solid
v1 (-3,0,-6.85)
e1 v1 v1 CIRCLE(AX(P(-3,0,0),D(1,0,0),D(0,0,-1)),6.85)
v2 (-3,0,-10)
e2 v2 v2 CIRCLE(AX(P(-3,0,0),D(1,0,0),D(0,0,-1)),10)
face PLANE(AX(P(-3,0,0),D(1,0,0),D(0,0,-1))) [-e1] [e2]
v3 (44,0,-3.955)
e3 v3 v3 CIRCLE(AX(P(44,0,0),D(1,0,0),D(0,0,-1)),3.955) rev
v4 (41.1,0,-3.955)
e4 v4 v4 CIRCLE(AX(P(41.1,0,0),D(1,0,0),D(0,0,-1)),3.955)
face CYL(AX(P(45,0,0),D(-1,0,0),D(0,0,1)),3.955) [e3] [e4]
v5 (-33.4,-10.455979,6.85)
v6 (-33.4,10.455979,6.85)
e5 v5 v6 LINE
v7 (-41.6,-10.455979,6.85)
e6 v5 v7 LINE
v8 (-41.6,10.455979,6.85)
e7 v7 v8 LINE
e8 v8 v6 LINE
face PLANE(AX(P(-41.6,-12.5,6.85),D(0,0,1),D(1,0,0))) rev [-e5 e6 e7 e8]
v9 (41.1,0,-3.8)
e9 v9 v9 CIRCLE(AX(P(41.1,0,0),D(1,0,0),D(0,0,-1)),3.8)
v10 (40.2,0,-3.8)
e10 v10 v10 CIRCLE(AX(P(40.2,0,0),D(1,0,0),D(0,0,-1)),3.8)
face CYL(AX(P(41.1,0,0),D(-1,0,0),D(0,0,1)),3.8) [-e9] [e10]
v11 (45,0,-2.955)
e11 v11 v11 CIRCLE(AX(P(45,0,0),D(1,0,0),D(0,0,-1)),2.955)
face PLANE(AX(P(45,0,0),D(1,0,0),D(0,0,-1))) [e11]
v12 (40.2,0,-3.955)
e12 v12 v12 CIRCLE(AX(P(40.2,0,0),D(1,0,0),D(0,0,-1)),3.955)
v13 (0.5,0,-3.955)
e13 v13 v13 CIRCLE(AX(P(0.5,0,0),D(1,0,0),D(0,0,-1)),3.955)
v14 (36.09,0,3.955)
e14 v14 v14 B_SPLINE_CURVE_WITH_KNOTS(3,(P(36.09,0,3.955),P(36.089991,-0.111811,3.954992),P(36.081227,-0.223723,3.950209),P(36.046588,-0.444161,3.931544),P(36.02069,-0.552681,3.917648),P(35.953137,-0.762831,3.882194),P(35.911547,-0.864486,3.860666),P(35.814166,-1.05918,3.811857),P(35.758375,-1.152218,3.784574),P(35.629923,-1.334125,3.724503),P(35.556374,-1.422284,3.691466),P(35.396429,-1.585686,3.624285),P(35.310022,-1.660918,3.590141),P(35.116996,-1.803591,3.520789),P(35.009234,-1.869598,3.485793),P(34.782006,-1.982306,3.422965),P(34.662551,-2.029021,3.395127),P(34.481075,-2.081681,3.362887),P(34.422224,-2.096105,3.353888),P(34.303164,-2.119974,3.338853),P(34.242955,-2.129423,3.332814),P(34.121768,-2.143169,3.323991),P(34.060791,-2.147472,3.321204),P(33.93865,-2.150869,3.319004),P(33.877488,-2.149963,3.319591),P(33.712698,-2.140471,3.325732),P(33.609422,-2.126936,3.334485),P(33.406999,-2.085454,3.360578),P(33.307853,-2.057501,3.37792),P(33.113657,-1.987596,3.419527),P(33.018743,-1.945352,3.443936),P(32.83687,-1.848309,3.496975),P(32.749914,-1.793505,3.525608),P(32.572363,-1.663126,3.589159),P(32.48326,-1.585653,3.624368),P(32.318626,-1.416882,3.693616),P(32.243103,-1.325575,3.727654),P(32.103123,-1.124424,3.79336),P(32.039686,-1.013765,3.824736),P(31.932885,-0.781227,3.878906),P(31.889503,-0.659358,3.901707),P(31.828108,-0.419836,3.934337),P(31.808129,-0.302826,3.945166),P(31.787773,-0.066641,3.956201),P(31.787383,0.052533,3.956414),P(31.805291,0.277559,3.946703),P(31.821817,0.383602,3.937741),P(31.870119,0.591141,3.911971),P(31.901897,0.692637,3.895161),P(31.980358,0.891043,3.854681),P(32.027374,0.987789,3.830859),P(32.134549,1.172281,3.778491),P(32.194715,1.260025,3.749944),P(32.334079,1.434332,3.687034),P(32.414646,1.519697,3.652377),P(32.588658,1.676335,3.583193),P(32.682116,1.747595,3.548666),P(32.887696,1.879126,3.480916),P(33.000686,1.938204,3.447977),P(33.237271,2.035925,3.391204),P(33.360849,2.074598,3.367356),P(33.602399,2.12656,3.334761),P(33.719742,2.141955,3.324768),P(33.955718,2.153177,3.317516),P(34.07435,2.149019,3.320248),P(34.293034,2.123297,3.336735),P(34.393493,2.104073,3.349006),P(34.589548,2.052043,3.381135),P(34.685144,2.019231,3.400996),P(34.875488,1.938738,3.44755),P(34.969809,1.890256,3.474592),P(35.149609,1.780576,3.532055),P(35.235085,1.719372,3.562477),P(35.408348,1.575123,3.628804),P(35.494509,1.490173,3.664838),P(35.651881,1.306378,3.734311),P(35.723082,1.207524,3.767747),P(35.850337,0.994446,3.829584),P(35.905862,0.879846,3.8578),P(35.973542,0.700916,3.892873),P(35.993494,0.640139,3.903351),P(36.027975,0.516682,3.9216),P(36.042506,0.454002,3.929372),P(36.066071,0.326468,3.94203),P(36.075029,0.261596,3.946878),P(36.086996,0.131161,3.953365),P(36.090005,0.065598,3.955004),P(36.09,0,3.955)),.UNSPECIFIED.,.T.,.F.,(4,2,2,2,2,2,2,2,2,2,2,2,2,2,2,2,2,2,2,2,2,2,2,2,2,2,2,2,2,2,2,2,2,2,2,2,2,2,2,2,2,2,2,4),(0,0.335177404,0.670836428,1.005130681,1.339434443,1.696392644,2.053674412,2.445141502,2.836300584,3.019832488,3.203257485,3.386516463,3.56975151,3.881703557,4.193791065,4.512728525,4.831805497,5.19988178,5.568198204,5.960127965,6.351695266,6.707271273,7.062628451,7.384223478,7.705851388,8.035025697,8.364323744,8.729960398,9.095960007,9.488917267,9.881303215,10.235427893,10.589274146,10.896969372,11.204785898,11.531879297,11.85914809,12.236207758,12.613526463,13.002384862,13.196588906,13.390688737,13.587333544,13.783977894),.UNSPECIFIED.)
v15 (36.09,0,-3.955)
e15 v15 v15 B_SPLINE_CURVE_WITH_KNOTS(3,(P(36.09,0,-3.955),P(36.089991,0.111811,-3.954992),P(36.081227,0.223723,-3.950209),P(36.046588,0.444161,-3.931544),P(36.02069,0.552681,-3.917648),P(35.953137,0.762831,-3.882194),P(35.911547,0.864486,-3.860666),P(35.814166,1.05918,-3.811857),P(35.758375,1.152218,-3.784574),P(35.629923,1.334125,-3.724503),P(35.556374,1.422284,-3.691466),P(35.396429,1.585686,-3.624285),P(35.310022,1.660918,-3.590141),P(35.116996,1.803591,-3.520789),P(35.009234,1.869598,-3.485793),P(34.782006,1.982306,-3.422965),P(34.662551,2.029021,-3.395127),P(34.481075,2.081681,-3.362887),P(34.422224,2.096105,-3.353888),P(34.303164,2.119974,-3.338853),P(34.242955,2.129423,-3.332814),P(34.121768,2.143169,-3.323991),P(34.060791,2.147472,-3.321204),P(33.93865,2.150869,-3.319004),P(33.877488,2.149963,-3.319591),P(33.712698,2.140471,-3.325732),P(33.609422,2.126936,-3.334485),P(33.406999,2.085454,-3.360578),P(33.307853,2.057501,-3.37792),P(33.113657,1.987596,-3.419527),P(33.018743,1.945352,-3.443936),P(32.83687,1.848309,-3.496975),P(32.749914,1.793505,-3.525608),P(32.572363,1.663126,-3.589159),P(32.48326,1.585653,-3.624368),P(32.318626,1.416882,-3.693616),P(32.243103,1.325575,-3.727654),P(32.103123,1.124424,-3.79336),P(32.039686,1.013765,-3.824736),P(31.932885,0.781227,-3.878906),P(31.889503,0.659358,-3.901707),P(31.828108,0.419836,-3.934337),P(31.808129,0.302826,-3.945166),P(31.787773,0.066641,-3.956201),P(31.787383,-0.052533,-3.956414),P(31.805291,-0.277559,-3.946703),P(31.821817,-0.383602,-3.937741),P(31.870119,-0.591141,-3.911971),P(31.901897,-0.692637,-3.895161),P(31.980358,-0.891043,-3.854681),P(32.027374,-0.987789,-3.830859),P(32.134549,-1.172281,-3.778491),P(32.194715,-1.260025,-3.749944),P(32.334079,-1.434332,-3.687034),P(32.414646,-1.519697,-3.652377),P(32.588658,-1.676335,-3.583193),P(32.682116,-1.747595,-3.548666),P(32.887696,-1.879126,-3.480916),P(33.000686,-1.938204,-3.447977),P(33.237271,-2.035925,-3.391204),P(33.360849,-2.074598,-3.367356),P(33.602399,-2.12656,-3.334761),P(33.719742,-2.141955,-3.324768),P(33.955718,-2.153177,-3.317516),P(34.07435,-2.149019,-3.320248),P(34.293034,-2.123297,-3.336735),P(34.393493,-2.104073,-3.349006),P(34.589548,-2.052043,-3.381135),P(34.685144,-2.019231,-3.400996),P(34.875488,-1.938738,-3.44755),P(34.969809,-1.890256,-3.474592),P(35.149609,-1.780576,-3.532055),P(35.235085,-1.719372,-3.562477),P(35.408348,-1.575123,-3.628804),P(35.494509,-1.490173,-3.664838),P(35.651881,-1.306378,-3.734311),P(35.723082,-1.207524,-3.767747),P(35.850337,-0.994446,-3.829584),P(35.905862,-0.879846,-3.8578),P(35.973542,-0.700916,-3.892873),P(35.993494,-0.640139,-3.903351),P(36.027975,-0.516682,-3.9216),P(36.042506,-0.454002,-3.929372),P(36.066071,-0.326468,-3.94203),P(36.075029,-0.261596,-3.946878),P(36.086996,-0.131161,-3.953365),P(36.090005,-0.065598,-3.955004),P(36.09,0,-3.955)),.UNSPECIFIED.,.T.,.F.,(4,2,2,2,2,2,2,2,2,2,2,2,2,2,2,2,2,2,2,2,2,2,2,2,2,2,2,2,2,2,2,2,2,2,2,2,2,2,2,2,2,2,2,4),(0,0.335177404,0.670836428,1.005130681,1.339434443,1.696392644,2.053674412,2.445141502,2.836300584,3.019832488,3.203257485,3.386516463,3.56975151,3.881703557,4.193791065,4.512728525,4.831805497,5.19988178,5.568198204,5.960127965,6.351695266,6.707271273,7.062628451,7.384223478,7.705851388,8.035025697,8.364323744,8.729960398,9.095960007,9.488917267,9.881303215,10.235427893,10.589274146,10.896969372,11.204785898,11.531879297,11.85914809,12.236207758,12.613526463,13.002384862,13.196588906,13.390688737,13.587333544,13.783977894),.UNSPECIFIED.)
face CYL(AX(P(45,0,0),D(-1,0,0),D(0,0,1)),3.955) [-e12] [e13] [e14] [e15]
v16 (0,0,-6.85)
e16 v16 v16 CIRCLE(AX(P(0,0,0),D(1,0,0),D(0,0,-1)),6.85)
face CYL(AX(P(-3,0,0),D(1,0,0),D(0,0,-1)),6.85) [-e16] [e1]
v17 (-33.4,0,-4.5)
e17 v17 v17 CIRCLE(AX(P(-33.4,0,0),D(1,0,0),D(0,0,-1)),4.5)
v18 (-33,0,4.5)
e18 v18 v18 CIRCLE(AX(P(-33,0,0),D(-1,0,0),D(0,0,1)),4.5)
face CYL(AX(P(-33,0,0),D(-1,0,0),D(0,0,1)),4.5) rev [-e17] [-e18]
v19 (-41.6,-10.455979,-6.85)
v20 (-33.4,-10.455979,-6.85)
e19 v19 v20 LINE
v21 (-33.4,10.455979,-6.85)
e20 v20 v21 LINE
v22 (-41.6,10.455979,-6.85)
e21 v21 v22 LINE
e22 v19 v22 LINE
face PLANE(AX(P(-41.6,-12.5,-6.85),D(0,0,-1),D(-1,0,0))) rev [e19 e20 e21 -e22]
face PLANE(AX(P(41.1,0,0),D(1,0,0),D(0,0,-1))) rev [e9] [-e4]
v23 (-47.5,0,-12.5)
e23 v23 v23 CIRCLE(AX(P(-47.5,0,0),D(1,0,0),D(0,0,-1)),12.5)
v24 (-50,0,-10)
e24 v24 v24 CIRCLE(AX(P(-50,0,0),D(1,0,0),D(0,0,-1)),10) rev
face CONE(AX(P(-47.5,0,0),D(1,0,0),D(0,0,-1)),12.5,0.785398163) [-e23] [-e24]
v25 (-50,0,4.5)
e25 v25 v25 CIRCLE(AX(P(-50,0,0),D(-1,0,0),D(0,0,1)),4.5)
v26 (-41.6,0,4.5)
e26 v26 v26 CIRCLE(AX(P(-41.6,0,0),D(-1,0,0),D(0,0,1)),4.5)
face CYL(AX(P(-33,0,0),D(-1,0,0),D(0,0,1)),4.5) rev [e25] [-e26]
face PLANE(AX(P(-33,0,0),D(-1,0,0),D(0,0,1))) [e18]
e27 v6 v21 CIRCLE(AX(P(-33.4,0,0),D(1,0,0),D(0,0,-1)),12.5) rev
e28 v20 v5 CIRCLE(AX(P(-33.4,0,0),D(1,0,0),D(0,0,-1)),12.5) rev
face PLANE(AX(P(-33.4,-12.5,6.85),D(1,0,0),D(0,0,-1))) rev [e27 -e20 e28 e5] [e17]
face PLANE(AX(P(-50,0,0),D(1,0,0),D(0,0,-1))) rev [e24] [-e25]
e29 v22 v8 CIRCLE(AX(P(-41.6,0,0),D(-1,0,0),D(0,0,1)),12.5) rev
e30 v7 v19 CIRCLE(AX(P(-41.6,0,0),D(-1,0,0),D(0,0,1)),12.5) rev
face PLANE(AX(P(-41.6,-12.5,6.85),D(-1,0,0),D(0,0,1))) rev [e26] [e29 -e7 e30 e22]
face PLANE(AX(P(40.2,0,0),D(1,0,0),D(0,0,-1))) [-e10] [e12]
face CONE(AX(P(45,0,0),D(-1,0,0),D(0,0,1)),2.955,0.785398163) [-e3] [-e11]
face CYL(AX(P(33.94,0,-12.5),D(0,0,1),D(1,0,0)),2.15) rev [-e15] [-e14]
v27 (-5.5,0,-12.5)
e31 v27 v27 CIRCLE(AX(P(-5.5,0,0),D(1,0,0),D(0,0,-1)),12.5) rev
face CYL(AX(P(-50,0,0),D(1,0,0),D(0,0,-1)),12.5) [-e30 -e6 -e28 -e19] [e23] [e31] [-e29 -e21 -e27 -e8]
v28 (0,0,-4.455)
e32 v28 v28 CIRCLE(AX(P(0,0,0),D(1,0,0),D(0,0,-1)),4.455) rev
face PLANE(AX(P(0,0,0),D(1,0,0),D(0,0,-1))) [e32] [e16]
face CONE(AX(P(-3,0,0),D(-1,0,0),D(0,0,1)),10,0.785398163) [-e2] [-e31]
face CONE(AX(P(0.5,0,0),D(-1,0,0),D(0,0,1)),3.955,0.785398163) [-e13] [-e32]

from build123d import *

# Parameters (mm, degrees)
SKETCH1_R               = 12.5
BOSS_EXTRUDE1_DEPTH     = 50
SKETCH6_R               = 12.5
SKETCH6_R_2             = 6.85
CUT_EXTRUDE4_DEPTH      = 3
SKETCH7_R               = 3.955
BOSS_EXTRUDE3_DEPTH     = 45
SKETCH8_R               = 2.15
CUT_EXTRUDE5_DEPTH      = 13.5
CUT_EXTRUDE5_DEPTH_BACK = 13.5
SKETCH9_R               = 3.97
SKETCH9_R_2             = 3.8
CUT_EXTRUDE6_DEPTH      = 0.9
SKETCH10_R              = 4
CUT_EXTRUDE7_DEPTH      = 20
CHAMFER2_SIZE           = 2.5
CHAMFER3_SIZE           = 2.5
CHAMFER4_SIZE           = 1
SKETCH2_R               = 8.963089754
BOSS_EXTRUDE2_DEPTH     = 35
SKETCH12_R              = 9.5
SKETCH12_R_2            = 4.5
BOSS_EXTRUDE4_DEPTH     = 9
SKETCH11_W              = 8.2
SKETCH11_H              = 13.7
CUT_EXTRUDE8_DEPTH      = 13.5
CUT_EXTRUDE8_DEPTH_BACK = 13.5
SKETCH13_R              = 4.5
CUT_EXTRUDE9_DEPTH      = 17
CHAMFER5_SIZE           = 0.5


with BuildPart() as part:
    # Sketch1 → Boss-Extrude1 (new body)
    with BuildSketch(Plane(origin=(0, 0, 0), x_dir=(0, 0, -1), z_dir=(1, 0, 0))):
        Circle(SKETCH1_R)
    extrude(amount=-BOSS_EXTRUDE1_DEPTH)

    # Sketch6 → Cut-Extrude4 (cut)
    with BuildSketch(Plane(origin=(0, 0, 0), x_dir=(0, 0, -1), z_dir=(1, 0, 0))):
        Circle(SKETCH6_R)
        Circle(SKETCH6_R_2, mode=Mode.SUBTRACT)
    extrude(amount=-CUT_EXTRUDE4_DEPTH, mode=Mode.SUBTRACT)

    # Sketch7 → Boss-Extrude3 (add)
    with BuildSketch(Plane(origin=(0, 0, 0), x_dir=(0, 0, -1), z_dir=(1, 0, 0))):
        Circle(SKETCH7_R)
    extrude(amount=BOSS_EXTRUDE3_DEPTH)

    # Sketch8 → Cut-Extrude5 (cut, two sides)
    with BuildSketch(Plane.XY) as cut_extrude5_sk:
        with Locations((33.94, 0)):
            Circle(SKETCH8_R)
    extrude(amount=CUT_EXTRUDE5_DEPTH, mode=Mode.SUBTRACT)
    extrude(cut_extrude5_sk.sketch, amount=-CUT_EXTRUDE5_DEPTH_BACK, mode=Mode.SUBTRACT)

    # Sketch9 → Cut-Extrude6 (cut)
    with BuildSketch(Plane(origin=(40.2, 0, 0), x_dir=(0, 0, -1), z_dir=(1, 0, 0))):
        Circle(SKETCH9_R)
        Circle(SKETCH9_R_2, mode=Mode.SUBTRACT)
    extrude(amount=CUT_EXTRUDE6_DEPTH, mode=Mode.SUBTRACT)

    # Sketch10 → Cut-Extrude7 (cut)
    with BuildSketch(Plane.ZY.offset(50)):
        Circle(SKETCH10_R)
    extrude(amount=-CUT_EXTRUDE7_DEPTH, mode=Mode.SUBTRACT)

    # Chamfer2
    chamfer2_edges = [part.edges().sort_by_distance(p)[0] for p in [
        (-50, 0, 12.5),
    ]]
    chamfer(chamfer2_edges, length=CHAMFER2_SIZE)

    # Chamfer3
    chamfer3_edges = [part.edges().sort_by_distance(p)[0] for p in [
        (-3, 0, 12.5),
    ]]
    chamfer(chamfer3_edges, length=CHAMFER3_SIZE)

    # Chamfer4
    chamfer4_edges = [part.edges().sort_by_distance(p)[0] for p in [
        (45, 0, 3.955),
    ]]
    chamfer(chamfer4_edges, length=CHAMFER4_SIZE)

    # Sketch2 → Boss-Extrude2 (add)
    with BuildSketch(Plane.ZY.offset(50)):
        Circle(SKETCH2_R)
    extrude(amount=-BOSS_EXTRUDE2_DEPTH)

    # Sketch12 → Boss-Extrude4 (add)
    with BuildSketch(Plane.ZY.offset(50)):
        Circle(SKETCH12_R)
        Circle(SKETCH12_R_2, mode=Mode.SUBTRACT)
    extrude(amount=-BOSS_EXTRUDE4_DEPTH)

    # Sketch11 → Cut-Extrude8 (cut, two sides)
    with BuildSketch(Plane(origin=(0, 0, 0), x_dir=(1, 0, 0), z_dir=(0, 1, 0))) as cut_extrude8_sk:
        with Locations((-37.5, 0)):
            Rectangle(SKETCH11_W, SKETCH11_H)
    extrude(amount=CUT_EXTRUDE8_DEPTH, mode=Mode.SUBTRACT)
    extrude(cut_extrude8_sk.sketch, amount=-CUT_EXTRUDE8_DEPTH_BACK, mode=Mode.SUBTRACT)

    # Sketch13 → Cut-Extrude9 (cut)
    with BuildSketch(Plane.ZY.offset(50)):
        Circle(SKETCH13_R)
    extrude(amount=-CUT_EXTRUDE9_DEPTH, mode=Mode.SUBTRACT)

    # Chamfer5
    chamfer5_edges = [part.edges().sort_by_distance(p)[0] for p in [
        (0, 0, 3.955),
    ]]
    chamfer(chamfer5_edges, length=CHAMFER5_SIZE)


solid = part.part
